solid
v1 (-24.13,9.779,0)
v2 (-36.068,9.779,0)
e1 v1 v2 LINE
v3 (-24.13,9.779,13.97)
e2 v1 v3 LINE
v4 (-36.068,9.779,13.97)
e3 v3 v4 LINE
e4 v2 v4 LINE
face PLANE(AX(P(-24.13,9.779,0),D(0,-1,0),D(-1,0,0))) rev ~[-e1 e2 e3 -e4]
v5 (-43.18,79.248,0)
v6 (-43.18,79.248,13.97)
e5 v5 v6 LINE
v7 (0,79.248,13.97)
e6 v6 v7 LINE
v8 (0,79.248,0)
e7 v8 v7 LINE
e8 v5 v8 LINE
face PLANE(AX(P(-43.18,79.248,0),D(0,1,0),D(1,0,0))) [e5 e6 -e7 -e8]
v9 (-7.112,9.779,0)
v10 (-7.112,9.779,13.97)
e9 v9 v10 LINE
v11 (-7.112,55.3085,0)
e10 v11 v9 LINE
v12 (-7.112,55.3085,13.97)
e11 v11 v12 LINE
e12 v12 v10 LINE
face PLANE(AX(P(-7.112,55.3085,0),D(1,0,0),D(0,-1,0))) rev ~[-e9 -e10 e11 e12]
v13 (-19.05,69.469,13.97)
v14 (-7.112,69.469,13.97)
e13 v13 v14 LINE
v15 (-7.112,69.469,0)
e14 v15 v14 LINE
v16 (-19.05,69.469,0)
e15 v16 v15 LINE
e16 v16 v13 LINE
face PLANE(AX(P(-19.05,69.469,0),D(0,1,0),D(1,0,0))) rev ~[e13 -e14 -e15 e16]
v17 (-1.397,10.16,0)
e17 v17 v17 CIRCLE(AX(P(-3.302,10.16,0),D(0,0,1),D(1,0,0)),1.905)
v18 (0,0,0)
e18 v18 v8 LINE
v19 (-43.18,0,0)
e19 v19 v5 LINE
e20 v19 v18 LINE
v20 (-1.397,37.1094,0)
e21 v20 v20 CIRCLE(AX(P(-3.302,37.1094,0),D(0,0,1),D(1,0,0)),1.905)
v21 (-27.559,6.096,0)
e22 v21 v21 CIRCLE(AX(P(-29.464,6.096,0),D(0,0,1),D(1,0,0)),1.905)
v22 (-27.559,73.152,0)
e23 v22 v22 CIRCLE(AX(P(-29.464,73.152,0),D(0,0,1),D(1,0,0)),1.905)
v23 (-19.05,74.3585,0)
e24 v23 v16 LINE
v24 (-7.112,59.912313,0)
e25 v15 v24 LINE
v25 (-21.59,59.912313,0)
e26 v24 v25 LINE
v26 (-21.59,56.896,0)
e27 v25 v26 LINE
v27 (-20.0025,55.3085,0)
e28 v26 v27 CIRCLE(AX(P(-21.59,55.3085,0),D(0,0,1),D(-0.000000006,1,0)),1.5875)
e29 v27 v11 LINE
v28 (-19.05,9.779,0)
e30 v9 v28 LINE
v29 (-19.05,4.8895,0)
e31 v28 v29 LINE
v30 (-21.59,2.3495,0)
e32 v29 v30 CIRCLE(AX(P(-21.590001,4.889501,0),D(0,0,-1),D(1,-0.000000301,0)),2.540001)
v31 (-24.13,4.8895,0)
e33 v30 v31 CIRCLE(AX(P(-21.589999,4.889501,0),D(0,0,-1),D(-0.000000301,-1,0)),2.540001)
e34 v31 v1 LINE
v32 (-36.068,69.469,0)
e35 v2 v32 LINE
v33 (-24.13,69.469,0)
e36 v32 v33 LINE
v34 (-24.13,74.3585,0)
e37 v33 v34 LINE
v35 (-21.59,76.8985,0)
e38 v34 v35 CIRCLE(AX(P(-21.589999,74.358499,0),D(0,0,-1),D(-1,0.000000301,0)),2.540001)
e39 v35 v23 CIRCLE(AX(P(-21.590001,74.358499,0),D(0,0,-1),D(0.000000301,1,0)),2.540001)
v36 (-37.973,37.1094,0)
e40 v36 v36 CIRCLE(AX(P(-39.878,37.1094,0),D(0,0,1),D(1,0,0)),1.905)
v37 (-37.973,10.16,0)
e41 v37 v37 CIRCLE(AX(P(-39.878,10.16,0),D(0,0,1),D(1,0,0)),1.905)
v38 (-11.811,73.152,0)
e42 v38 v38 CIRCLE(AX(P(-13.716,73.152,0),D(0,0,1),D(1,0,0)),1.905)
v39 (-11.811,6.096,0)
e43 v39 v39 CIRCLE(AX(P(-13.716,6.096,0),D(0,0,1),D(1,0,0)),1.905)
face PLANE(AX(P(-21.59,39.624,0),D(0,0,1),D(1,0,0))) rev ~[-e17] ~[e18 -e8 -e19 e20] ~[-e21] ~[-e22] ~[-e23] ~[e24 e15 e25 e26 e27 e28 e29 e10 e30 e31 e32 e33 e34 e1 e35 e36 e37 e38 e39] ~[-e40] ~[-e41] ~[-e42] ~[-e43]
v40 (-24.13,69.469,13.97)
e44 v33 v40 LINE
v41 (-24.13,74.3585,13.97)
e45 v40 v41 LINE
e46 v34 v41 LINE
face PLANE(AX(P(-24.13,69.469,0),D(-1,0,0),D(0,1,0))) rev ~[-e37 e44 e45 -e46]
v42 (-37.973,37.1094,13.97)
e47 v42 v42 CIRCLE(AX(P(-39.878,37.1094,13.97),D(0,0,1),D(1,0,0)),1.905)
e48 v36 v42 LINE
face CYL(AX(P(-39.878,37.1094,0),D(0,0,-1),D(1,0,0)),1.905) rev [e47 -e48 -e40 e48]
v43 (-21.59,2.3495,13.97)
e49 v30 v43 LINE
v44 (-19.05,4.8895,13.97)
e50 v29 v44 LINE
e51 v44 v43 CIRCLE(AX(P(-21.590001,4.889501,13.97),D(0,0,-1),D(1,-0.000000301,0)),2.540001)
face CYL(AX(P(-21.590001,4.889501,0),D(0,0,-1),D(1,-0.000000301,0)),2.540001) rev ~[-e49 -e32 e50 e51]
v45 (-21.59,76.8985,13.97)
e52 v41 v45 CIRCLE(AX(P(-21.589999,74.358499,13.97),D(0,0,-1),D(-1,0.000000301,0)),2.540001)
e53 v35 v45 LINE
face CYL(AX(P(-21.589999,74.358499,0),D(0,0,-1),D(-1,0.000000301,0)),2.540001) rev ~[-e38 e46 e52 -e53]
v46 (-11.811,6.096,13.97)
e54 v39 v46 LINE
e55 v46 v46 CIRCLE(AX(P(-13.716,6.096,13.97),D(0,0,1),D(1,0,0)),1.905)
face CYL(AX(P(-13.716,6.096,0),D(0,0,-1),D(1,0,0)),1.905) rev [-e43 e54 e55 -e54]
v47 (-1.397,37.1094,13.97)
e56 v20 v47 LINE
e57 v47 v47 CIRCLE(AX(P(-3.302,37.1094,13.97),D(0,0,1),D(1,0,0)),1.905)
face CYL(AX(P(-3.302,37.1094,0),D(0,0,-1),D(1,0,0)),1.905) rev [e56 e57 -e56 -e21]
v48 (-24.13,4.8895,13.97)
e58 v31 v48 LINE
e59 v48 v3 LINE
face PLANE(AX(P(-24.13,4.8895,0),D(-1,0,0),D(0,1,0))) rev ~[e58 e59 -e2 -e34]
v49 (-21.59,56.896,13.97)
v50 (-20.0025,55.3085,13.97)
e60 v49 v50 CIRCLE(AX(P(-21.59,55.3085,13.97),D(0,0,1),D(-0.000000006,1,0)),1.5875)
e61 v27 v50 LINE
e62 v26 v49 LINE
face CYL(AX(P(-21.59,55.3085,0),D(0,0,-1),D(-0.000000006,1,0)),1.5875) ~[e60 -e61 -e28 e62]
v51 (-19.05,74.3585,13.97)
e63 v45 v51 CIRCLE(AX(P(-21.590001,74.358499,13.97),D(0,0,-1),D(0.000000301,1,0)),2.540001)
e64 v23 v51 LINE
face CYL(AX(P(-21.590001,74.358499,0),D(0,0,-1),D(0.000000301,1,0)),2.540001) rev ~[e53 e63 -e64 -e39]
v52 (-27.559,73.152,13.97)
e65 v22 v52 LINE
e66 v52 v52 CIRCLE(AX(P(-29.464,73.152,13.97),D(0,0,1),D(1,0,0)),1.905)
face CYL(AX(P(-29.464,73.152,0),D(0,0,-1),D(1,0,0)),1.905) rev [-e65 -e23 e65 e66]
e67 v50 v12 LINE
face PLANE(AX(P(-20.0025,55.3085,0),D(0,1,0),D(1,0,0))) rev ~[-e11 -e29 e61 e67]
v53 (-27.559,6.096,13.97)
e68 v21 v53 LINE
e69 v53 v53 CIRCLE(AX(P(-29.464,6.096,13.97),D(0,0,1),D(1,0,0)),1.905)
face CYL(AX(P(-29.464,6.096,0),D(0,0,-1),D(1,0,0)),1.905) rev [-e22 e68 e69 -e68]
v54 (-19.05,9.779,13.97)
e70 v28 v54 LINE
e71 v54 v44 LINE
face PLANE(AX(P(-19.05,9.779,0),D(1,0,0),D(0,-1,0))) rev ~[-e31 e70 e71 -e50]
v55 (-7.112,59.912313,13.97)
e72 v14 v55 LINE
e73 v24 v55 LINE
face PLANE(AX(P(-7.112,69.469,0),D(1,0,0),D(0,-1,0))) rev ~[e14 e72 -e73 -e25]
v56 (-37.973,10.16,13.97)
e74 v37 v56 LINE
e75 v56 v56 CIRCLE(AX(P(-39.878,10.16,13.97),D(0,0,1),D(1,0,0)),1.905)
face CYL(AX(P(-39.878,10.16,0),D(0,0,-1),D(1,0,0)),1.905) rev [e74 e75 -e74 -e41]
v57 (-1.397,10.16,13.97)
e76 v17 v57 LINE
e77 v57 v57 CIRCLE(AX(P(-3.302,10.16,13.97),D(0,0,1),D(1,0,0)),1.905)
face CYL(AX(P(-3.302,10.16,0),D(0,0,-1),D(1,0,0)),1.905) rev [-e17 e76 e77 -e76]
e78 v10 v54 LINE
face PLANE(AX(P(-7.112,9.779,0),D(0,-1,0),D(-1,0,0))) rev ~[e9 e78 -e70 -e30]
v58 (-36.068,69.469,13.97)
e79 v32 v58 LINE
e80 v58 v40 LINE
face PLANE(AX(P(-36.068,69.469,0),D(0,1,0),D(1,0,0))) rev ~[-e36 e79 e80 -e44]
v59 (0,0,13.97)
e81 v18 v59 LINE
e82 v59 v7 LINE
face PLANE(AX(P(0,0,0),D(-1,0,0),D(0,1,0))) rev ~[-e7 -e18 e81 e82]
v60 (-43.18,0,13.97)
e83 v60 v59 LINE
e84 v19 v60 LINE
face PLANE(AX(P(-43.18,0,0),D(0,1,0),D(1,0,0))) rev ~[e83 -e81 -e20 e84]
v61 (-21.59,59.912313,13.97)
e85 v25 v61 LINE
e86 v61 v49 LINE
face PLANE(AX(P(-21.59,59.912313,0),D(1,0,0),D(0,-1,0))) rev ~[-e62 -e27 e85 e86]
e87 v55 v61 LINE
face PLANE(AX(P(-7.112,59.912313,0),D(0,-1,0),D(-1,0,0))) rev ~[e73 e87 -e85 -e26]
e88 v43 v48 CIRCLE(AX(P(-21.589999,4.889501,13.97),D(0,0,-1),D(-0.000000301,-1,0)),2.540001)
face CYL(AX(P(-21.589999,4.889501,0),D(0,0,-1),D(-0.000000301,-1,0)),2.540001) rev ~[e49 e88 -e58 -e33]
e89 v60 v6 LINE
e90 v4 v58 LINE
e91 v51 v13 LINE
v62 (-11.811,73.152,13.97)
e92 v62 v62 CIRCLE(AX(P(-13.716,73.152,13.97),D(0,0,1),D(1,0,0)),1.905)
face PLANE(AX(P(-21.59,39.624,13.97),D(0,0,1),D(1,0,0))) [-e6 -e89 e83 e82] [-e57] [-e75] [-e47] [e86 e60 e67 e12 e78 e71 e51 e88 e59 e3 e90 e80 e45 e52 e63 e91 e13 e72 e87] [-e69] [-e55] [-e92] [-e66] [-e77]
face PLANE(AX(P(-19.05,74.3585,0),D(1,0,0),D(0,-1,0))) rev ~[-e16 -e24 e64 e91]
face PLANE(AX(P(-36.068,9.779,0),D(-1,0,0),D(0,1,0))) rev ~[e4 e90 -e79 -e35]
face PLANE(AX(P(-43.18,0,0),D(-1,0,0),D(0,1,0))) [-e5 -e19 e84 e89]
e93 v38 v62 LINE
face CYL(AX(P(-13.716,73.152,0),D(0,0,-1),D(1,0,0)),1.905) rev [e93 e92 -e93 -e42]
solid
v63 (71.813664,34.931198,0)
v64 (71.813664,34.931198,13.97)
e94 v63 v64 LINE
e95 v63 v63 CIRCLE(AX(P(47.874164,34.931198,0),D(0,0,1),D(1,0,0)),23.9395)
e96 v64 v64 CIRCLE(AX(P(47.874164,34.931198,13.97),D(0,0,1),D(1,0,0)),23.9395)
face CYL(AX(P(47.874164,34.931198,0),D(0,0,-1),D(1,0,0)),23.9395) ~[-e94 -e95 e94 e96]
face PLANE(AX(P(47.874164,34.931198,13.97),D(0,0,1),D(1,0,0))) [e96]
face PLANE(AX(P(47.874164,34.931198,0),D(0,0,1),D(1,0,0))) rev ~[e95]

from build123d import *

# Parameters (mm, degrees)
F0_W     = 43.18
F0_H     = 79.248
F0_R     = 1.905
F1_DEPTH = 13.97
F2_R     = 23.9395
F3_DEPTH = 13.97


with BuildPart() as f1:
    # F0 (on Top) → F1 (new body)
    with BuildSketch(Plane.XY):
        with Locations((-21.59, 39.624)):
            Rectangle(F0_W, F0_H)
        with Locations((-39.878, 10.16)):
            Circle(F0_R, mode=Mode.SUBTRACT)
        with Locations((-29.464, 6.096)):
            Circle(F0_R, mode=Mode.SUBTRACT)
        with Locations((-39.878, 37.1094)):
            Circle(F0_R, mode=Mode.SUBTRACT)
        with Locations((-13.716, 6.096)):
            Circle(F0_R, mode=Mode.SUBTRACT)
        with Locations((-3.302, 10.16)):
            Circle(F0_R, mode=Mode.SUBTRACT)
        with BuildLine():
            Line((-36.068, 69.469), (-24.13, 69.469))
            Line((-24.13, 69.469), (-24.13, 74.3585))
            ThreePointArc((-24.13, 74.3585), (-23.386051, 76.154551), (-21.59, 76.8985))
            ThreePointArc((-21.59, 76.8985), (-19.793949, 76.154551), (-19.05, 74.3585))
            Line((-19.05, 74.3585), (-19.05, 69.469))
            Line((-19.05, 69.469), (-7.112, 69.469))
            Line((-7.112, 69.469), (-7.112, 59.912313))
            Line((-7.112, 59.912313), (-7.112, 55.3085))
            Line((-7.112, 55.3085), (-7.112, 9.779))
            Line((-7.112, 9.779), (-19.05, 9.779))
            Line((-19.05, 9.779), (-19.05, 4.8895))
            ThreePointArc((-19.05, 4.8895), (-19.793949, 3.093449), (-21.59, 2.3495))
            ThreePointArc((-21.59, 2.3495), (-23.386051, 3.093449), (-24.13, 4.8895))
            Line((-24.13, 4.8895), (-24.13, 9.779))
            Line((-24.13, 9.779), (-36.068, 9.779))
            Line((-36.068, 9.779), (-36.068, 69.469))
        make_face(mode=Mode.SUBTRACT)
        with Locations((-3.302, 37.1094)):
            Circle(F0_R, mode=Mode.SUBTRACT)
        with Locations((-29.464, 73.152)):
            Circle(F0_R, mode=Mode.SUBTRACT)
        with Locations((-13.716, 73.152)):
            Circle(F0_R, mode=Mode.SUBTRACT)
        with BuildLine():
            Line((-7.112, 55.3085), (-7.112, 59.912313))
            Line((-7.112, 59.912313), (-21.59, 59.912313))
            Line((-21.59, 59.912313), (-21.59, 56.896))
            ThreePointArc((-21.59, 56.896), (-20.467468, 56.431032), (-20.0025, 55.3085))
            Line((-20.0025, 55.3085), (-7.112, 55.3085))
        make_face()
        with BuildLine():
            ThreePointArc((-21.59, 56.896), (-22.712532, 54.185968), (-20.0025, 55.3085))
            Line((-20.0025, 55.3085), (-21.59, 55.3085))
            Line((-21.59, 55.3085), (-21.59, 56.896))
        make_face()
        with BuildLine():
            Line((-21.59, 55.3085), (-20.0025, 55.3085))
            ThreePointArc((-20.0025, 55.3085), (-20.467468, 56.431032), (-21.59, 56.896))
            Line((-21.59, 56.896), (-21.59, 55.3085))
        make_face()
    extrude(amount=F1_DEPTH)


with BuildPart() as f3:
    # F2 (on Top) → F3 (new body)
    with BuildSketch(Plane.XY):
        with Locations((47.874164, 34.931198)):
            Circle(F2_R)
    extrude(amount=F3_DEPTH)


solid = Compound([f1.part, f3.part])
